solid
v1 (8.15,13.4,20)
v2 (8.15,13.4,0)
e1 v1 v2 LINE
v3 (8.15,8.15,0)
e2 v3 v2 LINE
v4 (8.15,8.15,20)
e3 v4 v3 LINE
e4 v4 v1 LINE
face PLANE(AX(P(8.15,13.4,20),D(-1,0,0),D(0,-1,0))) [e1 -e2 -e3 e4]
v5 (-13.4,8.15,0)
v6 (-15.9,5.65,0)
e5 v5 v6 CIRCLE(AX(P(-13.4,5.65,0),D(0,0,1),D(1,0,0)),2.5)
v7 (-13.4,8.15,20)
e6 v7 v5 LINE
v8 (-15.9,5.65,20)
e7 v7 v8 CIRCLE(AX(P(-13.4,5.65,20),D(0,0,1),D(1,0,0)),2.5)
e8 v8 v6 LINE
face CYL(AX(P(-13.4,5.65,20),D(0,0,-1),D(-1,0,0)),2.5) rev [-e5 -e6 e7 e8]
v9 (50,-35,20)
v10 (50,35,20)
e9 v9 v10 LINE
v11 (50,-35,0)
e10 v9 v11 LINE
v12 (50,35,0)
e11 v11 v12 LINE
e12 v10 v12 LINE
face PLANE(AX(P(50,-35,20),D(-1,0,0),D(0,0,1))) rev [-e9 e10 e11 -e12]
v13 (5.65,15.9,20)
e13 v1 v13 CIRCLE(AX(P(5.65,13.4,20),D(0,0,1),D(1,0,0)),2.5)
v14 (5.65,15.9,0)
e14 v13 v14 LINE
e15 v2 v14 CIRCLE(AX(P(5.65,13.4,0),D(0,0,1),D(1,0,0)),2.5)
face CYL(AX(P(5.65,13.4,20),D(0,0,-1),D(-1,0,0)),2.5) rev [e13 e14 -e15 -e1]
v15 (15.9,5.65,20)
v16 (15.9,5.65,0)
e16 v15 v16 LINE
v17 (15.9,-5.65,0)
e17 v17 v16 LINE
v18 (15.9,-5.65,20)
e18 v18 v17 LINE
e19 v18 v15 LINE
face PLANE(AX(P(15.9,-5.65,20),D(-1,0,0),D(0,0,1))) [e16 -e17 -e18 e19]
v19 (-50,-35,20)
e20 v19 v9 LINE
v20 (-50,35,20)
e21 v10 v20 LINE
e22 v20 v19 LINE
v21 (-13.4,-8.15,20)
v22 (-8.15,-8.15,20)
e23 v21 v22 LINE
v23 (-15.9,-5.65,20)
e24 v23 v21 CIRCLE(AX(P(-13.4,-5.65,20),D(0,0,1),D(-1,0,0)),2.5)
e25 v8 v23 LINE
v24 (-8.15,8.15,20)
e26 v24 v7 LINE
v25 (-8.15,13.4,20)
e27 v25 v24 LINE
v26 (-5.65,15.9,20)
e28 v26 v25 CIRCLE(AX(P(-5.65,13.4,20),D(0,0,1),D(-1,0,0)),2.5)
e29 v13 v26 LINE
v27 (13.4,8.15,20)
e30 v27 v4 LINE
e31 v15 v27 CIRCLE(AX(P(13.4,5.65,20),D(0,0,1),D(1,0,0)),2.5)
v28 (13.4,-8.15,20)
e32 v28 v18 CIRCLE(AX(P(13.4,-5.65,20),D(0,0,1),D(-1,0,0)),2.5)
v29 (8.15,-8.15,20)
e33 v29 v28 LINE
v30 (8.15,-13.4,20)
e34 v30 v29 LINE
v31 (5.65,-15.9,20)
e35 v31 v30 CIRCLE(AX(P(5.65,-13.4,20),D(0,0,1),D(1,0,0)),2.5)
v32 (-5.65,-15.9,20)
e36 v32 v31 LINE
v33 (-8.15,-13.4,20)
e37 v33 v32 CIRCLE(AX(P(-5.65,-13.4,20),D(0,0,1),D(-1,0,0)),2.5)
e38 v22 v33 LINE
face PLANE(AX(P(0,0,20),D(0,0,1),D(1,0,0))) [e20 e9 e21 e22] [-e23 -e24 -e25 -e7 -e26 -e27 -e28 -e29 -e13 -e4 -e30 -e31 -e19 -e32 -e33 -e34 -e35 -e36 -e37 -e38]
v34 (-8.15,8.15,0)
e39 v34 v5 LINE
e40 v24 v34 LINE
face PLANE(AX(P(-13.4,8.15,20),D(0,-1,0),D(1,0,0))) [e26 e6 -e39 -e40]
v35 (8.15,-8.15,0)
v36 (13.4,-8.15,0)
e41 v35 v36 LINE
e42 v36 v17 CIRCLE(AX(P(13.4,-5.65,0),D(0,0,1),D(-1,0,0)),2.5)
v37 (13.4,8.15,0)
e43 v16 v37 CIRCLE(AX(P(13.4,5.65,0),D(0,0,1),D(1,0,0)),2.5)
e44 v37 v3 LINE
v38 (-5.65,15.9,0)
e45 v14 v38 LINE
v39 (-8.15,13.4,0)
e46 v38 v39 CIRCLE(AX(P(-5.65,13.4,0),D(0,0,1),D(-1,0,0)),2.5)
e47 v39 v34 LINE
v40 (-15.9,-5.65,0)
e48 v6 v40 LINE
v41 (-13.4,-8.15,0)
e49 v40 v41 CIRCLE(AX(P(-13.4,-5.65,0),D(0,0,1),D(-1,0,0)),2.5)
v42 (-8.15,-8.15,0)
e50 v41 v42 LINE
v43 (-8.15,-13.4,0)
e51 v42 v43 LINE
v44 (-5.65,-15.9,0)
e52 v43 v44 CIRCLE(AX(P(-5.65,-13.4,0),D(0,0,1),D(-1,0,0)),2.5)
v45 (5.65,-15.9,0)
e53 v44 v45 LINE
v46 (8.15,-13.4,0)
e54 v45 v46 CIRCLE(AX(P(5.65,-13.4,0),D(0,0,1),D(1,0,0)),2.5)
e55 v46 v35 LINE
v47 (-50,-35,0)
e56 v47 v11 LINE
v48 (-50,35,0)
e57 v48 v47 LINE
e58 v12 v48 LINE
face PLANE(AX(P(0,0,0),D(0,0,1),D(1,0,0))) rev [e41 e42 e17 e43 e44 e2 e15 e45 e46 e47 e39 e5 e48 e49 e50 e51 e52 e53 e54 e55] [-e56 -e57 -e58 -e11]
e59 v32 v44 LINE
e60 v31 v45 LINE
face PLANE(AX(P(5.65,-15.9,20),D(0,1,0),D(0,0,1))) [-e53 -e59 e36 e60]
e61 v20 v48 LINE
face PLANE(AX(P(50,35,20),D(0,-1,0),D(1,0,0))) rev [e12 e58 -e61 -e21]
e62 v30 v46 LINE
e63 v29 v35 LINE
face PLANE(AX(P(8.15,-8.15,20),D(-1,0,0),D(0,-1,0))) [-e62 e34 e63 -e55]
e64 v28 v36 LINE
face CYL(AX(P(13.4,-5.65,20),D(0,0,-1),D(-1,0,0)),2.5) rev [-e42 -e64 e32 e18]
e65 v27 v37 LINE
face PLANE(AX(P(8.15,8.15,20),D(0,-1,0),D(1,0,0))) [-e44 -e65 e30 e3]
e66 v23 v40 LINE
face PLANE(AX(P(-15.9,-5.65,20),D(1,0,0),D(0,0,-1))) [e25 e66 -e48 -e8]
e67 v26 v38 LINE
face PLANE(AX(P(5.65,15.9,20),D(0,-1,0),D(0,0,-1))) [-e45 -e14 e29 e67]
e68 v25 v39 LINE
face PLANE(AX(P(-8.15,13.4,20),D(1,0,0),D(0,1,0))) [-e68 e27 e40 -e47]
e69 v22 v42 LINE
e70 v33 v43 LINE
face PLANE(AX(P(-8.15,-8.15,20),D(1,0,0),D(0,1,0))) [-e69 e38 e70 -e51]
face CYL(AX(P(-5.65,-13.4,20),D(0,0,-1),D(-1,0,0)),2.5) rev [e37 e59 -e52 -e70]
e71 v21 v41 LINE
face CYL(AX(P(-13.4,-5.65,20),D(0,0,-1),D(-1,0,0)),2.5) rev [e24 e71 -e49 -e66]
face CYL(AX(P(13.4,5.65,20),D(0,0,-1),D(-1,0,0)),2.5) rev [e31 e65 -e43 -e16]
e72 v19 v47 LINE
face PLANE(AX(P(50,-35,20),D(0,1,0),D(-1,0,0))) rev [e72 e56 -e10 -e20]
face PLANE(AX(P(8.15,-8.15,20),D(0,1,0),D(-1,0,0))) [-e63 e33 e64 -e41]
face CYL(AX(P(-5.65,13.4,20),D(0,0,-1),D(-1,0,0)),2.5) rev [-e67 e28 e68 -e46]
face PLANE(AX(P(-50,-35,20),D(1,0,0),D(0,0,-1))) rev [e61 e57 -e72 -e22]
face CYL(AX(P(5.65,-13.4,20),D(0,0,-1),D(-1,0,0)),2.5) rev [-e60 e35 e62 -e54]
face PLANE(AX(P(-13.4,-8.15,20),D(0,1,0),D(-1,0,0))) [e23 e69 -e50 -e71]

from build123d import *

# Parameters (mm, degrees)
SKETCH1_W           = 100
SKETCH1_H           = 70
BOSS_EXTRUDE1_DEPTH = 20


with BuildPart() as part:
    # Sketch1 → Boss-Extrude1 (new body)
    with BuildSketch(Plane.XY):
        Rectangle(SKETCH1_W, SKETCH1_H)
        with BuildLine():
            Line((-8.15, 13.4), (-8.15, 8.15))
            Line((-8.15, 8.15), (-13.4, 8.15))
            ThreePointArc((-13.4, 8.15), (-15.167766953, 7.417766953), (-15.9, 5.65))
            Line((-15.9, 5.65), (-15.9, -5.65))
            ThreePointArc((-15.9, -5.65), (-15.167766953, -7.417766953), (-13.4, -8.15))
            Line((-13.4, -8.15), (-8.15, -8.15))
            Line((-8.15, -8.15), (-8.15, -13.4))
            ThreePointArc((-8.15, -13.4), (-7.417766953, -15.167766953), (-5.65, -15.9))
            Line((-5.65, -15.9), (5.65, -15.9))
            ThreePointArc((5.65, -15.9), (7.417766953, -15.167766953), (8.15, -13.4))
            Line((8.15, -13.4), (8.15, -8.15))
            Line((8.15, -8.15), (13.4, -8.15))
            ThreePointArc((13.4, -8.15), (15.167766953, -7.417766953), (15.9, -5.65))
            Line((15.9, -5.65), (15.9, 5.65))
            ThreePointArc((15.9, 5.65), (15.167766953, 7.417766953), (13.4, 8.15))
            Line((13.4, 8.15), (8.15, 8.15))
            Line((8.15, 8.15), (8.15, 13.4))
            ThreePointArc((8.15, 13.4), (7.417766953, 15.167766953), (5.65, 15.9))
            Line((5.65, 15.9), (-5.65, 15.9))
            ThreePointArc((-5.65, 15.9), (-7.417766953, 15.167766953), (-8.15, 13.4))
        make_face(mode=Mode.SUBTRACT)
    extrude(amount=BOSS_EXTRUDE1_DEPTH)


solid = part.part
